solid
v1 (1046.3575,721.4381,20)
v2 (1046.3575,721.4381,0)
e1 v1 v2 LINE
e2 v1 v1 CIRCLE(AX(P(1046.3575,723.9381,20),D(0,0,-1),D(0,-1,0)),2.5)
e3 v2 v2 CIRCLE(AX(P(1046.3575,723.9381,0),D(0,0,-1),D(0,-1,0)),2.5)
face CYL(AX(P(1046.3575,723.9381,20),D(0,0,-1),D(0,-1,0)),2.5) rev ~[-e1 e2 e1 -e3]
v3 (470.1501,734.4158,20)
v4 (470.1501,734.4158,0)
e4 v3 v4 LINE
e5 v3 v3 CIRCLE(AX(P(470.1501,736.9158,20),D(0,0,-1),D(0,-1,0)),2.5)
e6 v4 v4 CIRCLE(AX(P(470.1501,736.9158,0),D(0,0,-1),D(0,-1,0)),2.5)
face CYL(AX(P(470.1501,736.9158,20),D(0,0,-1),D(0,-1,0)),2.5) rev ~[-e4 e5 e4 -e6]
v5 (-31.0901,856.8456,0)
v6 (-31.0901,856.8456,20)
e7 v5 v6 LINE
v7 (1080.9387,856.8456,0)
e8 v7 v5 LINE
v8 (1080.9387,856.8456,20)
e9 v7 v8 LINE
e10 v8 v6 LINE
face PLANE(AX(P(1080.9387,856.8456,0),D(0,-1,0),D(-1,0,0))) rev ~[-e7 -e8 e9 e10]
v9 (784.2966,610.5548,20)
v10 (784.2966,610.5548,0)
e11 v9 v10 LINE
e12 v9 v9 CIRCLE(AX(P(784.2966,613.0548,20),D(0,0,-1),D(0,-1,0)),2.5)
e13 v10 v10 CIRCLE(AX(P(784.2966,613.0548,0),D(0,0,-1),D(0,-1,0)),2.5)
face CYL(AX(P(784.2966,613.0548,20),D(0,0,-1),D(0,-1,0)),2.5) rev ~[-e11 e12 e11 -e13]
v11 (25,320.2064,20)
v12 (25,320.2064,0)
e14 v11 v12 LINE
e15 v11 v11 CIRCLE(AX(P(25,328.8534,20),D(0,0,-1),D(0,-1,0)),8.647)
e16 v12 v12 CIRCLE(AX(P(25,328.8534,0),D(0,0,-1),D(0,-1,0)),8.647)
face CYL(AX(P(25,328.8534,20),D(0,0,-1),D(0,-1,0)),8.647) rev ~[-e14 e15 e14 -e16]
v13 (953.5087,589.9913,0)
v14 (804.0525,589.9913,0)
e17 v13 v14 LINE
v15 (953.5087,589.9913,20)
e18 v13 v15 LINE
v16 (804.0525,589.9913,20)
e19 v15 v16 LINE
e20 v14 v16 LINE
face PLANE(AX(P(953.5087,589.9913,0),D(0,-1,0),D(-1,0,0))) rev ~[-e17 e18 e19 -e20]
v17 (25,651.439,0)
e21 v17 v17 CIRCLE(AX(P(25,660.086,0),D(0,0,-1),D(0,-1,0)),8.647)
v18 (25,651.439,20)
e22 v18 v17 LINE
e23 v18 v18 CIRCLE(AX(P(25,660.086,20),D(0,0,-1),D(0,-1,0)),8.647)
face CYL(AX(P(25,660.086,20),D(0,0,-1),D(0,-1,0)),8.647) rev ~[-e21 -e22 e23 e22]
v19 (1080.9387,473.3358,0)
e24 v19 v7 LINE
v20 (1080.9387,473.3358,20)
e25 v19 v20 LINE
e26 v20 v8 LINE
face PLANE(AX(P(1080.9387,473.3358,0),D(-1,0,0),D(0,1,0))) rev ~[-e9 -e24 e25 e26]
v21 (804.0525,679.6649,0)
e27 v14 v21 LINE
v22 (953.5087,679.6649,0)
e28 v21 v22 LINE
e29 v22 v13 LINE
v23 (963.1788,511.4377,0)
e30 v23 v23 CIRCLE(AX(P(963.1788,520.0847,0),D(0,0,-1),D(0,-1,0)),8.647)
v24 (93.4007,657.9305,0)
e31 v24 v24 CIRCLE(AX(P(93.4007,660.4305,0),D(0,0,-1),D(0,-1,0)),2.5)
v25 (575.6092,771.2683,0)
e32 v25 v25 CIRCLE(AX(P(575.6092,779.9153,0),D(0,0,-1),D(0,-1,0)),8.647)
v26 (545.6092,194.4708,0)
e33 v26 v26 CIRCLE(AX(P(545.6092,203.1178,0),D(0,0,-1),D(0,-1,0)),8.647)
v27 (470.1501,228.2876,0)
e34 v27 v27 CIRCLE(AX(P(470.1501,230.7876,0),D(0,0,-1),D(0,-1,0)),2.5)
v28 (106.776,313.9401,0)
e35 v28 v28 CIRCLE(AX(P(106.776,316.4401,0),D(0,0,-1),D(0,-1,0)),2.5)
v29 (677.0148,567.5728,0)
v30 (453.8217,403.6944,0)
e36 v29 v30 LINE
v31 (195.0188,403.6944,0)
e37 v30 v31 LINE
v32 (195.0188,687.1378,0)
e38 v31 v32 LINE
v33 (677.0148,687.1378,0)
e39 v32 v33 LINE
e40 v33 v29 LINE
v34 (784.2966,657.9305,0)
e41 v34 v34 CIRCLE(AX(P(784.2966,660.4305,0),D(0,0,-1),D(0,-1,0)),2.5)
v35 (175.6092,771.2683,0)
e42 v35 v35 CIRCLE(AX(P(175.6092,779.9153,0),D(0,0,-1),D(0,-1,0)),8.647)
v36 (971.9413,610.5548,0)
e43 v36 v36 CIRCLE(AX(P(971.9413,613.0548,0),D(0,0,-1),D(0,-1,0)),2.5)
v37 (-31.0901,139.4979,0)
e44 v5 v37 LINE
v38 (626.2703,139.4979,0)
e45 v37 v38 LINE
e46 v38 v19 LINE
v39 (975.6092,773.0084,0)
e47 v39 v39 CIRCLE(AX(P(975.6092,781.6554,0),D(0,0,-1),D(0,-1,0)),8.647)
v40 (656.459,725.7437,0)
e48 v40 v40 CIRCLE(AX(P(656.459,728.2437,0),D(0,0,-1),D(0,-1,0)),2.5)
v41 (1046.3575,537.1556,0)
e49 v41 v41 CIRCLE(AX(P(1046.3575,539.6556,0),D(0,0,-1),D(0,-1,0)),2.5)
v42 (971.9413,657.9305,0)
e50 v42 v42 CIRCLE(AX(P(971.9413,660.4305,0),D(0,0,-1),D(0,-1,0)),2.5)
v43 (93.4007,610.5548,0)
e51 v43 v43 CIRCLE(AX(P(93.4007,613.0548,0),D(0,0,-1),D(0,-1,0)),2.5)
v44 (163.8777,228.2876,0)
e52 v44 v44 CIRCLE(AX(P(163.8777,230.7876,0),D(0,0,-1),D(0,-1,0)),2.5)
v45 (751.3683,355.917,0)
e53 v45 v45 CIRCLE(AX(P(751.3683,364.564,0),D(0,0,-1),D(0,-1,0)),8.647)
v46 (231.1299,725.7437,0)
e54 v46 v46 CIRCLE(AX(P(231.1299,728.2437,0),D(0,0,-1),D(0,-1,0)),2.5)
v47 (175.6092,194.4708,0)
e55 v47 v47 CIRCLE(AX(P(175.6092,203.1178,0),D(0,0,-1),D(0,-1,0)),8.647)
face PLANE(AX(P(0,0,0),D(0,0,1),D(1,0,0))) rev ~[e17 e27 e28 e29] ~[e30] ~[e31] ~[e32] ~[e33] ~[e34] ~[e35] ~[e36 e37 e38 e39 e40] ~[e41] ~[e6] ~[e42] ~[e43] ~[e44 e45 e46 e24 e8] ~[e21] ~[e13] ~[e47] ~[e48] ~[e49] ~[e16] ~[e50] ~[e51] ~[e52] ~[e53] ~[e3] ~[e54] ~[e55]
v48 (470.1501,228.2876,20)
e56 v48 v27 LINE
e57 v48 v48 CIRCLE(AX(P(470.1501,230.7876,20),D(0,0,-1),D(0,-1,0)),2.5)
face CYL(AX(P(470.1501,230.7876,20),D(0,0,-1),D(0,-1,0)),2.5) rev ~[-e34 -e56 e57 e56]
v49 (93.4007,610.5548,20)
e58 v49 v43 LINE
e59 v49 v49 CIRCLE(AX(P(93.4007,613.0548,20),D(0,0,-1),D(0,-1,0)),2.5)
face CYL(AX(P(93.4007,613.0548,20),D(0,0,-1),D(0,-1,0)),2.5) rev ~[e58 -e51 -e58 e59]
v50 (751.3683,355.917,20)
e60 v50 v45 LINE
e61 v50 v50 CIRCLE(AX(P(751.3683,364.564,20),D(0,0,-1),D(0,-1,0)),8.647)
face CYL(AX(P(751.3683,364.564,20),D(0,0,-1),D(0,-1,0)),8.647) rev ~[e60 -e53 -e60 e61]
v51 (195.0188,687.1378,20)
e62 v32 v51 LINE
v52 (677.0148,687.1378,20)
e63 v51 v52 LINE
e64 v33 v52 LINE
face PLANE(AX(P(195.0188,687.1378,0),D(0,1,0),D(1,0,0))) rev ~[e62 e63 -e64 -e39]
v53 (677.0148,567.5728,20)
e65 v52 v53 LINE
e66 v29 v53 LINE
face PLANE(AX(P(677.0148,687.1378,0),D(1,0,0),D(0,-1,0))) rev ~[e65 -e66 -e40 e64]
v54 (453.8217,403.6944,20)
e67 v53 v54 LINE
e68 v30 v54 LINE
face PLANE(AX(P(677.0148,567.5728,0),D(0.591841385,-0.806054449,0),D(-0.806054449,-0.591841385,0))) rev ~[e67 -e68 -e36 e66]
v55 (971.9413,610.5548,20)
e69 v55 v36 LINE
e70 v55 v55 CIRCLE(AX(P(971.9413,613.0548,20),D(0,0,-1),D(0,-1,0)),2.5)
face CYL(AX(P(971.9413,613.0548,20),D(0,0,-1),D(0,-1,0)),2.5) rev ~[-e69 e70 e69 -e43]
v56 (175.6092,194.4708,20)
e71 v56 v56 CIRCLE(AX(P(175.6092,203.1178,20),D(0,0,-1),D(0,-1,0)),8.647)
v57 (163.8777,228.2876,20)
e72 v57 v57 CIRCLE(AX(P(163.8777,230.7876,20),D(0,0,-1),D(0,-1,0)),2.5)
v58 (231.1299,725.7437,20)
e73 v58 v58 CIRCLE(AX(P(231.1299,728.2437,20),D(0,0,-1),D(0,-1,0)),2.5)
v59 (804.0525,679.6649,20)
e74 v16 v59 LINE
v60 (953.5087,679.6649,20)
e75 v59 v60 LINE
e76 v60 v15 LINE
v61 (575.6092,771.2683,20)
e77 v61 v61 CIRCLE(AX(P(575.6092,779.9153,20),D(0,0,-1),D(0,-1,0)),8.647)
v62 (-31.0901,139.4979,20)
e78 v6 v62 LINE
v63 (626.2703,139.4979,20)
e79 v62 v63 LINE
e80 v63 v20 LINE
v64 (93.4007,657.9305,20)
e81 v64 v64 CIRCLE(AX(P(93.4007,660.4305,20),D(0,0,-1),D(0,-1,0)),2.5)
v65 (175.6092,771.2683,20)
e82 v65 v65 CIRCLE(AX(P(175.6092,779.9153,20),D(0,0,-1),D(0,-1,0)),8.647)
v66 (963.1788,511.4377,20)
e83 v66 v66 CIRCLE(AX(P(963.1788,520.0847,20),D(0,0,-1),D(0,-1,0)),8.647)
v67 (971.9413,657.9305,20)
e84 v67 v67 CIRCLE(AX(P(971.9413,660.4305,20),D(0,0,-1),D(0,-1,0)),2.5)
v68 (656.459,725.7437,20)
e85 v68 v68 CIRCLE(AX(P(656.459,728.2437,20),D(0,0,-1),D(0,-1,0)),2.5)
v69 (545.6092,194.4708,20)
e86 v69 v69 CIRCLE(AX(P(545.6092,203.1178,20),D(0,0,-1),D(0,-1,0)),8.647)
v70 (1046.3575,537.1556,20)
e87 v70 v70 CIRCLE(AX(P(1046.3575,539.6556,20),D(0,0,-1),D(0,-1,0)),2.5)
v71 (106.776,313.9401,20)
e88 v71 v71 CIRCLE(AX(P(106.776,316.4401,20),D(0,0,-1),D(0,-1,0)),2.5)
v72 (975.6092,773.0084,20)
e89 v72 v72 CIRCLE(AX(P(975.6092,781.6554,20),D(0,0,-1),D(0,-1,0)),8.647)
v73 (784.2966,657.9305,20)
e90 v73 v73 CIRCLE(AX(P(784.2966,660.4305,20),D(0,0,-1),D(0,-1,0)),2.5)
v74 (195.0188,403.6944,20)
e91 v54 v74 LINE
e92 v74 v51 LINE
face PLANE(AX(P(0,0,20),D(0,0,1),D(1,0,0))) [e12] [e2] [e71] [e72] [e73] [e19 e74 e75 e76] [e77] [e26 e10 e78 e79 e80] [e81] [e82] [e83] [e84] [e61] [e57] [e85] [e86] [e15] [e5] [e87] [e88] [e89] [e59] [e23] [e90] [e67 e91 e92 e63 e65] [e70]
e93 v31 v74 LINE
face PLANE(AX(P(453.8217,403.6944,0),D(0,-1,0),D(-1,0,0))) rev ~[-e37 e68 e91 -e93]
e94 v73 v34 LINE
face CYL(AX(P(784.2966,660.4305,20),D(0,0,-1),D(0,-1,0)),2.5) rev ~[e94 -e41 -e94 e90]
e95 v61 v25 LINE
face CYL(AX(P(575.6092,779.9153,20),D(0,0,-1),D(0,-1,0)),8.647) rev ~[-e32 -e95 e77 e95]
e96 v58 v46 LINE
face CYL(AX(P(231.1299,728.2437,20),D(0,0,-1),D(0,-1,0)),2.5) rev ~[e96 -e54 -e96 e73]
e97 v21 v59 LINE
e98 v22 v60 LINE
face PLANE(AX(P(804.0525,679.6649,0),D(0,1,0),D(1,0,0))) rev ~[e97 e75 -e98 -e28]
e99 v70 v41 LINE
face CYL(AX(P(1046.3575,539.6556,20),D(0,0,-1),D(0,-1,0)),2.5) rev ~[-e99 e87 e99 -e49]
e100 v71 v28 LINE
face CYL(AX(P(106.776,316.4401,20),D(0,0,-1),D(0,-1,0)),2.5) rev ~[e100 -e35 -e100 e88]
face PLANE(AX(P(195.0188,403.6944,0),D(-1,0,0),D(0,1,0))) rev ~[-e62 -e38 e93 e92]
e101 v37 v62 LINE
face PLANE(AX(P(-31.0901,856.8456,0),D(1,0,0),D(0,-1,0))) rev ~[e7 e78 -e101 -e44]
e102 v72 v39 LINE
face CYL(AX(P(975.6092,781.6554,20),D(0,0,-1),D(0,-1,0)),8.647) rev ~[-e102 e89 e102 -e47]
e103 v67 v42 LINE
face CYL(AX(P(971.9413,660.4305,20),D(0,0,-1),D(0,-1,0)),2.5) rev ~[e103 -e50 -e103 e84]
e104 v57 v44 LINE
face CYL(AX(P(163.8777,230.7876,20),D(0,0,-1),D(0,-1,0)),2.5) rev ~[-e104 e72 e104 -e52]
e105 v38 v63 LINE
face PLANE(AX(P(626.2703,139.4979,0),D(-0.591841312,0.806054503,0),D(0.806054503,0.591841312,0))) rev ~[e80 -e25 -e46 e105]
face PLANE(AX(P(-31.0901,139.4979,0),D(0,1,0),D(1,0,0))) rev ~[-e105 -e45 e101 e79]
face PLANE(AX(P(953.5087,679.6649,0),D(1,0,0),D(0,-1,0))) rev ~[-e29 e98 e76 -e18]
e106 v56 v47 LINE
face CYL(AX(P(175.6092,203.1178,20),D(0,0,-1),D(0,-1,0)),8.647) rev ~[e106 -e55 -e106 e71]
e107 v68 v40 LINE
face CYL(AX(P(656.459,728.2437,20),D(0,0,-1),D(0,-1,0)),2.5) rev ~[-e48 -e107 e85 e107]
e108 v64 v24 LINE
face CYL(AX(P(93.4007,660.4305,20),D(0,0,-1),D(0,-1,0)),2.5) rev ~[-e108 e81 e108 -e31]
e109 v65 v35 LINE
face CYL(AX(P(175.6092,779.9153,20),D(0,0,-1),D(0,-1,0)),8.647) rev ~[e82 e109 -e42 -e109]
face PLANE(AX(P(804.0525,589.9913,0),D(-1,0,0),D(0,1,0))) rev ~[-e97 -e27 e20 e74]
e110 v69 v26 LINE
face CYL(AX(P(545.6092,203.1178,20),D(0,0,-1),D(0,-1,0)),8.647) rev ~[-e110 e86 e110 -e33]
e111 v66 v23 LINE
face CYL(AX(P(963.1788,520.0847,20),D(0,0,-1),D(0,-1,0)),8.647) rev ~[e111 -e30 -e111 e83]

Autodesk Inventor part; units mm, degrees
ref_plane "YZ Plane" through (0, 0, 0) normal (1, 0, 0) x (0, 1, 0)
ref_plane "XZ Plane" through (0, 0, 0) normal (0, 1, 0) x (-1, 0, 0)
ref_plane "XY Plane" through (0, 0, 0) normal (0, 0, 1) x (1, 0, 0)
sketch "Sketch1" plane through (0, 0, 0) normal (0, 0, 1) x (1, 0, 0)
  line L0 (1080.9387, 856.8456) -> (-31.0901, 856.8456)
  line L1 (-31.0901, 856.8456) -> (-31.0901, 139.4979)
  line L2 (-31.0901, 139.4979) -> (626.2703, 139.4979)
  line L3 (626.2703, 139.4979) -> (1080.9387, 473.3358)
  line L4 (1080.9387, 473.3358) -> (1080.9387, 856.8456)
  line L5 (963.1788, 520.0847) -> (751.3683, 364.564) construction
  line L6 (195.0188, 687.1378) -> (677.0148, 687.1378)
  line L7 (677.0148, 687.1378) -> (677.0148, 567.5728)
  line L8 (677.0148, 567.5728) -> (453.8217, 403.6944)
  line L9 (453.8217, 403.6944) -> (195.0188, 403.6944)
  line L10 (195.0188, 403.6944) -> (195.0188, 687.1378)
  line L11 (804.0525, 679.6649) -> (953.5087, 679.6649)
  line L12 (953.5087, 679.6649) -> (953.5087, 589.9913)
  line L13 (953.5087, 589.9913) -> (804.0525, 589.9913)
  line L14 (804.0525, 589.9913) -> (804.0525, 679.6649)
  point P0 (175.6092, 779.9153)
  point P1 (575.6092, 779.9153)
  point P2 (975.6092, 781.6554)
  point P3 (545.6092, 203.1178)
  point P4 (175.6092, 203.1178)
  point P5 (25, 660.086)
  point P6 (25, 328.8534)
  dimension "d1" = 400
  dimension "d2" = 400
  dimension "d3" = 370
extrude "Extrusion1" add sketch "Sketch1" along normal blind 20
sketch "Sketch2" plane through (0, 0, 20) normal (0, 0, 1) x (1, 0, 0)
  point P0 (784.2966, 660.4305)
  point P1 (784.2966, 613.0548)
  point P2 (971.9413, 613.0548)
  point P3 (971.9413, 660.4305)
  point P4 (93.4007, 660.4305)
  point P5 (93.4007, 613.0548)
  point P6 (470.1501, 736.9158)
  point P7 (1046.3575, 723.9381)
  point P8 (1046.3575, 539.6556)
  point P9 (470.1501, 230.7876)
  point P10 (163.8777, 230.7876)
  point P11 (106.776, 316.4401)
  point P12 (656.459, 728.2437)
  point P13 (231.1299, 728.2437)
hole "Hole1" at (784.2966, 660.4305, 20) at (784.2966, 613.0548, 20) at (971.9413, 613.0548, 20) at (971.9413, 660.4305, 20) at (93.4007, 660.4305, 20) at (93.4007, 613.0548, 20) at (470.1501, 736.9158, 20) at (1046.3575, 723.9381, 20) at (1046.3575, 539.6556, 20) at (470.1501, 230.7876, 20) at (163.8777, 230.7876, 20) at (106.776, 316.4401, 20) at (231.1299, 728.2437, 20) at (656.459, 728.2437, 20) direction (0, 0, -1) diameter 5 end through all
sketch "Sketch3" plane through (0, 0, 20) normal (0, 0, 1) x (1, 0, 0)
  line L0 (-31.0901, 139.4979) -> (626.2703, 139.4979)
  line L1 (626.2703, 139.4979) -> (1080.9387, 473.3358)
  line L2 (1080.9387, 473.3358) -> (1080.9387, 856.8456)
  line L3 (963.1788, 520.0847) -> (751.3683, 364.564) construction
  point P0 (175.6092, 779.9153)
  point P1 (575.6092, 779.9153)
  point P2 (975.6092, 781.6554)
  point P3 (545.6092, 203.1178)
  point P4 (175.6092, 203.1178)
  point P5 (25, 660.086)
  point P6 (25, 328.8534)
  dimension "d18" = 400
  dimension "d19" = 400
  dimension "d20" = 370
hole "Hole2" at (25, 328.8534, 20) at (25, 660.086, 20) at (175.6092, 779.9153, 20) at (575.6092, 779.9153, 20) at (975.6092, 781.6554, 20) at (963.1788, 520.0847, 20) at (751.3683, 364.564, 20) at (545.6092, 203.1178, 20) at (175.6092, 203.1178, 20) direction (0, 0, -1) diameter 17.294 end through all
ref_plane "Work Plane1" through (231.1299, 728.2437, 20) normal (1, 0, 0) x (0, 0, -1)
ref_plane "Work Plane2" through (470.1501, 736.9158, -1303.4787) normal (1, 0, 0) x (0, 0, 1)
ref_plane "Work Plane3" through (656.459, 728.2437, 20) normal (1, 0, 0) x (0, 0, -1)
properties part number "plate"
